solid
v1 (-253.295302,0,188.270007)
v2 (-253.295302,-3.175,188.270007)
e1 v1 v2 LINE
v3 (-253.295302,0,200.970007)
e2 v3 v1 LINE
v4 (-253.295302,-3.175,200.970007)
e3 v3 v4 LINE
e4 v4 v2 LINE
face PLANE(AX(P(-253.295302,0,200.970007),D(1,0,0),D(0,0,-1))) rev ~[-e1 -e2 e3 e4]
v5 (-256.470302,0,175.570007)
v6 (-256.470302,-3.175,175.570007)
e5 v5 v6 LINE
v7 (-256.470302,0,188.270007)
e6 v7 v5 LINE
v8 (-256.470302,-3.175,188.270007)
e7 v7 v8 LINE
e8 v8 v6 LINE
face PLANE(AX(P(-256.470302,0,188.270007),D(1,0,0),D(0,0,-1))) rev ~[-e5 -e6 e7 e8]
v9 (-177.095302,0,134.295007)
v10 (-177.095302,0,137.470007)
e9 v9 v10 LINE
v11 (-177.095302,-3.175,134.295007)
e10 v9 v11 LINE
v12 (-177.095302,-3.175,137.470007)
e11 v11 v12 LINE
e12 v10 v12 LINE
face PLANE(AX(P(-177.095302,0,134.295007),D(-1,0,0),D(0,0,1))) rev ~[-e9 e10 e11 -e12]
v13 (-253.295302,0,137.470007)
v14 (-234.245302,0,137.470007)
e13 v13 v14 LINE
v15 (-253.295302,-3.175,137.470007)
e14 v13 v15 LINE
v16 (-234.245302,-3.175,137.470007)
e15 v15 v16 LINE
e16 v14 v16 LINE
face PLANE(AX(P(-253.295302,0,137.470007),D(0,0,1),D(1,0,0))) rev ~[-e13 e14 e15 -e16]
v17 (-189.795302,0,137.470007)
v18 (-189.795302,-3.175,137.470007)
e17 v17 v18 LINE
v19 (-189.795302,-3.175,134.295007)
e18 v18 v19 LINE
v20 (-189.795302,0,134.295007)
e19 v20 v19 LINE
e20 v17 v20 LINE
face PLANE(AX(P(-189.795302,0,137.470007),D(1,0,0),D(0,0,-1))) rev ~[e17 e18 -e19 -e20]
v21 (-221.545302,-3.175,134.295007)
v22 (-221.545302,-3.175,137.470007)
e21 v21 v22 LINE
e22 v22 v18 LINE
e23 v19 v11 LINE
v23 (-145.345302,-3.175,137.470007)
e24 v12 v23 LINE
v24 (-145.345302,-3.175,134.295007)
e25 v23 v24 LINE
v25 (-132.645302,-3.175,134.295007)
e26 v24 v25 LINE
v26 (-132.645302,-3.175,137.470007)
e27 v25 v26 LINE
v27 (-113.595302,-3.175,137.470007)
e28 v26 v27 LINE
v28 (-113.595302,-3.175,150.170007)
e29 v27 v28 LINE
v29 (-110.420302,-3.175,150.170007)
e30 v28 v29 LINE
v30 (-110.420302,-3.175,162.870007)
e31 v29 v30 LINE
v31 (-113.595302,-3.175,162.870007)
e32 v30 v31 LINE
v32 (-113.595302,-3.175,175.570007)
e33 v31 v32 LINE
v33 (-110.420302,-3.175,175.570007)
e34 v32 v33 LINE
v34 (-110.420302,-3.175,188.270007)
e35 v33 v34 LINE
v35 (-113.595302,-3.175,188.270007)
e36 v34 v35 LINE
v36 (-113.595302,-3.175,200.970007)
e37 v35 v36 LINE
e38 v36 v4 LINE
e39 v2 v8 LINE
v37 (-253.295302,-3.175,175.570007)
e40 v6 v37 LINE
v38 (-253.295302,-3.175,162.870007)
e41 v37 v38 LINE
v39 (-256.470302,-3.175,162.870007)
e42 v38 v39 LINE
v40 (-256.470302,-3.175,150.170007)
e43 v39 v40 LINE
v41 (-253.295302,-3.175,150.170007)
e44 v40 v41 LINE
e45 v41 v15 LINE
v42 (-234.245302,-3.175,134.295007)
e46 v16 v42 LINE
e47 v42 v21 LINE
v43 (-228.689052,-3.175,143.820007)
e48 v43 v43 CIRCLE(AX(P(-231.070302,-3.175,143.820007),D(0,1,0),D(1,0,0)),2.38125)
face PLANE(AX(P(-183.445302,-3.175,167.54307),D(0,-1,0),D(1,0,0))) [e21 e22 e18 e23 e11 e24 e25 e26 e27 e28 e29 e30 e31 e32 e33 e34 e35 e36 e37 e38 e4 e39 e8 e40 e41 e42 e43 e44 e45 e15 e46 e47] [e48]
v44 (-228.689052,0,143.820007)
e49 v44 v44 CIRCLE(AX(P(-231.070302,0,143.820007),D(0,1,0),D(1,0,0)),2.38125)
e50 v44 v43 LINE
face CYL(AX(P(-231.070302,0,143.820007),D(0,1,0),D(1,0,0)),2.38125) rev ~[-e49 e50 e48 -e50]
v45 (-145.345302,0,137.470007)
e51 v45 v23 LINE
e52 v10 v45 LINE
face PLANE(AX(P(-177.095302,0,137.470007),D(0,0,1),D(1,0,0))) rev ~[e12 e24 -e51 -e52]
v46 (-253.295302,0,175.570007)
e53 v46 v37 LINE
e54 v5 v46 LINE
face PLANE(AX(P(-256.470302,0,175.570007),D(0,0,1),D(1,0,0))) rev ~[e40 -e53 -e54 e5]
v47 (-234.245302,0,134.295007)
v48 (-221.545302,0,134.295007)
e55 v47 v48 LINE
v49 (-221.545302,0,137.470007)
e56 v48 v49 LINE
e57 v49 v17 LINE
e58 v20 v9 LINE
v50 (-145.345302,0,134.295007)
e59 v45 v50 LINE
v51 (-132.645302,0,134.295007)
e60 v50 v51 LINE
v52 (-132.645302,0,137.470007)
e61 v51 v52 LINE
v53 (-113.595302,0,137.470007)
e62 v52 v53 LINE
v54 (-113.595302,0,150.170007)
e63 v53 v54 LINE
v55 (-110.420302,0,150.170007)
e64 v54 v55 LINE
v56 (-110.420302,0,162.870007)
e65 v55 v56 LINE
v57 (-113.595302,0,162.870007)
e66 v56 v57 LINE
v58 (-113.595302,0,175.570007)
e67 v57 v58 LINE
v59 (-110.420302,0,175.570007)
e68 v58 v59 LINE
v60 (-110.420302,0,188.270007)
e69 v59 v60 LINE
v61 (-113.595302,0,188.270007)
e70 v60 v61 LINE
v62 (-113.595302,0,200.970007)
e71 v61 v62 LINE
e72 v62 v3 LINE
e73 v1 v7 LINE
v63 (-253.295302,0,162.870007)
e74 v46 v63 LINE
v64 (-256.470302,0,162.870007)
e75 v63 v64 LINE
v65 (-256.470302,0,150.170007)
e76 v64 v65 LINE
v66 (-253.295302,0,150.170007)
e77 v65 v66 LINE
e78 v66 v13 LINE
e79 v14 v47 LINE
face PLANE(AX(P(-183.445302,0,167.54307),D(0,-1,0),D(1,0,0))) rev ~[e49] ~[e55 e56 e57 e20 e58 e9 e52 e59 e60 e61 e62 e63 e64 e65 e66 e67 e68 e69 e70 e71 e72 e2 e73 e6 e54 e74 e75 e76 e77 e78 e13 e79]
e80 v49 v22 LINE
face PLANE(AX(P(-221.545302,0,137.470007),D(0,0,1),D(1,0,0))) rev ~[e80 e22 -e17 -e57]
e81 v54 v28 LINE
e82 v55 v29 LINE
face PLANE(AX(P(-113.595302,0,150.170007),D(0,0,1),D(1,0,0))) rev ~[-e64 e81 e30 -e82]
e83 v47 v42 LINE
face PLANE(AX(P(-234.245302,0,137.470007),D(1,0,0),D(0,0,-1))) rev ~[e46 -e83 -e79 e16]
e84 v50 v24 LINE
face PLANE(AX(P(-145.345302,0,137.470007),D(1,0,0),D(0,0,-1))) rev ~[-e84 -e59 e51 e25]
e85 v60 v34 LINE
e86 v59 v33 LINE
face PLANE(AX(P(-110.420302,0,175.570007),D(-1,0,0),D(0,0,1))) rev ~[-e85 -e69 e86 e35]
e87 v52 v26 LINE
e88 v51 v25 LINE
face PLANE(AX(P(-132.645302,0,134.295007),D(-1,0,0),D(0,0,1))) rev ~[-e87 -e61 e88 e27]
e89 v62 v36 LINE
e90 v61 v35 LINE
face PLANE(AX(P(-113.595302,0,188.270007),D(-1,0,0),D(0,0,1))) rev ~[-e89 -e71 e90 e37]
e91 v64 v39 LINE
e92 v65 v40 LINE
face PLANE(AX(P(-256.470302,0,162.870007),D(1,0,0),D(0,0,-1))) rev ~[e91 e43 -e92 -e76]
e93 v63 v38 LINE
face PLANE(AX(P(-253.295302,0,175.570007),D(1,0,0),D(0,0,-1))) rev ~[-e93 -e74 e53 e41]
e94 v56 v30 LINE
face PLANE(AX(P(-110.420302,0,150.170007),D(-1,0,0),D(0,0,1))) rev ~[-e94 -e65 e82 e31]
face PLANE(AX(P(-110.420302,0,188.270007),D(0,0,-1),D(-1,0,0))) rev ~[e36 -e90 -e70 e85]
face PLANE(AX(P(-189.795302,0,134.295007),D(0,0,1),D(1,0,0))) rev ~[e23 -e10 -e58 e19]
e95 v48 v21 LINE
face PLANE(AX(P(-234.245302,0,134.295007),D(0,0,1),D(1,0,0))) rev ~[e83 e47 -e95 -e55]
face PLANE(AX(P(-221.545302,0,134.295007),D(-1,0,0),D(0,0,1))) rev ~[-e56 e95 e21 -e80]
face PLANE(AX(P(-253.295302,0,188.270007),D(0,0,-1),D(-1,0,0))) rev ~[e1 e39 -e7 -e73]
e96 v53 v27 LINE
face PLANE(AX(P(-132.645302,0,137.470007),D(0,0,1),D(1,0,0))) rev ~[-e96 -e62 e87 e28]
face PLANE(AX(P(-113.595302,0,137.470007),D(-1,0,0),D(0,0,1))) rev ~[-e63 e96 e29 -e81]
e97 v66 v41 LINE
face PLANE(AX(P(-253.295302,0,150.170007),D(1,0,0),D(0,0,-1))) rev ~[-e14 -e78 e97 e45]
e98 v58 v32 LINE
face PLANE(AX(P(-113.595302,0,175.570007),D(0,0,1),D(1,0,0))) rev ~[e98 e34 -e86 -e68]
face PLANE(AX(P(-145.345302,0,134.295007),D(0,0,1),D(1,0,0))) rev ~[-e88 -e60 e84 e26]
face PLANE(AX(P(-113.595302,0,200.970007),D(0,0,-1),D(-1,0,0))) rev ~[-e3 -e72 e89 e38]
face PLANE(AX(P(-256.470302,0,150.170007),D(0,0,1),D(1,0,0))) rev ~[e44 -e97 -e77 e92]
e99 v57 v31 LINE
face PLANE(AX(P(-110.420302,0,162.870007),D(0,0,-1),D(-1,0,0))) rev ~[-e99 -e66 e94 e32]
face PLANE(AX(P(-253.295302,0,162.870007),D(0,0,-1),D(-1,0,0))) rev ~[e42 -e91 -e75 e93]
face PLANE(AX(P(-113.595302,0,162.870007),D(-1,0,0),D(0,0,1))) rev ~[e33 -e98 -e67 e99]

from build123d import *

# Parameters (mm, degrees)
F1_DEPTH = 3.175


with BuildPart() as f1:
    # F0 (on Front) → F1 (new body)
    with BuildSketch(Plane.XZ):
        Polygon((-113.5953023911, 200.9700069427), (-253.2953023911, 200.9700069427), (-253.2953023911, 188.2700069427), (-256.4703023911, 188.2700069427), (-256.4703023911, 175.5700069427), (-253.2953023911, 175.5700069427), (-253.2953023911, 162.8700069427), (-256.4703023911, 162.8700069427), (-256.4703023911, 150.1700069427), (-253.2953023911, 150.1700069427), (-253.2953023911, 137.4700069427), (-234.2453023911, 137.4700069427), (-234.2453023911, 134.2950069427), (-221.5453023911, 134.2950069427), (-221.5453023911, 137.4700069427), (-189.7953023911, 137.4700069427), (-189.7953023911, 134.2950069427), (-177.0953023911, 134.2950069427), (-177.0953023911, 137.4700069427), (-145.3453023911, 137.4700069427), (-145.3453023911, 134.2950069427), (-132.6453023911, 134.2950069427), (-132.6453023911, 137.4700069427), (-113.5953023911, 137.4700069427), (-113.5953023911, 150.1700069427), (-110.4203023911, 150.1700069427), (-110.4203023911, 162.8700069427), (-113.5953023911, 162.8700069427), (-113.5953023911, 175.5700069427), (-110.4203023911, 175.5700069427), (-110.4203023911, 188.2700069427), (-113.5953023911, 188.2700069427), align=None)
        with BuildLine():
            ThreePointArc((-231.0703023911, 146.2012569427), (-229.3865043684, 145.5038049654), (-228.6890523911, 143.8200069427))
            ThreePointArc((-228.6890523911, 143.8200069427), (-232.7541004138, 142.13620892), (-231.0703023911, 146.2012569427))
        make_face(mode=Mode.SUBTRACT)
    extrude(amount=F1_DEPTH)


solid = f1.part
